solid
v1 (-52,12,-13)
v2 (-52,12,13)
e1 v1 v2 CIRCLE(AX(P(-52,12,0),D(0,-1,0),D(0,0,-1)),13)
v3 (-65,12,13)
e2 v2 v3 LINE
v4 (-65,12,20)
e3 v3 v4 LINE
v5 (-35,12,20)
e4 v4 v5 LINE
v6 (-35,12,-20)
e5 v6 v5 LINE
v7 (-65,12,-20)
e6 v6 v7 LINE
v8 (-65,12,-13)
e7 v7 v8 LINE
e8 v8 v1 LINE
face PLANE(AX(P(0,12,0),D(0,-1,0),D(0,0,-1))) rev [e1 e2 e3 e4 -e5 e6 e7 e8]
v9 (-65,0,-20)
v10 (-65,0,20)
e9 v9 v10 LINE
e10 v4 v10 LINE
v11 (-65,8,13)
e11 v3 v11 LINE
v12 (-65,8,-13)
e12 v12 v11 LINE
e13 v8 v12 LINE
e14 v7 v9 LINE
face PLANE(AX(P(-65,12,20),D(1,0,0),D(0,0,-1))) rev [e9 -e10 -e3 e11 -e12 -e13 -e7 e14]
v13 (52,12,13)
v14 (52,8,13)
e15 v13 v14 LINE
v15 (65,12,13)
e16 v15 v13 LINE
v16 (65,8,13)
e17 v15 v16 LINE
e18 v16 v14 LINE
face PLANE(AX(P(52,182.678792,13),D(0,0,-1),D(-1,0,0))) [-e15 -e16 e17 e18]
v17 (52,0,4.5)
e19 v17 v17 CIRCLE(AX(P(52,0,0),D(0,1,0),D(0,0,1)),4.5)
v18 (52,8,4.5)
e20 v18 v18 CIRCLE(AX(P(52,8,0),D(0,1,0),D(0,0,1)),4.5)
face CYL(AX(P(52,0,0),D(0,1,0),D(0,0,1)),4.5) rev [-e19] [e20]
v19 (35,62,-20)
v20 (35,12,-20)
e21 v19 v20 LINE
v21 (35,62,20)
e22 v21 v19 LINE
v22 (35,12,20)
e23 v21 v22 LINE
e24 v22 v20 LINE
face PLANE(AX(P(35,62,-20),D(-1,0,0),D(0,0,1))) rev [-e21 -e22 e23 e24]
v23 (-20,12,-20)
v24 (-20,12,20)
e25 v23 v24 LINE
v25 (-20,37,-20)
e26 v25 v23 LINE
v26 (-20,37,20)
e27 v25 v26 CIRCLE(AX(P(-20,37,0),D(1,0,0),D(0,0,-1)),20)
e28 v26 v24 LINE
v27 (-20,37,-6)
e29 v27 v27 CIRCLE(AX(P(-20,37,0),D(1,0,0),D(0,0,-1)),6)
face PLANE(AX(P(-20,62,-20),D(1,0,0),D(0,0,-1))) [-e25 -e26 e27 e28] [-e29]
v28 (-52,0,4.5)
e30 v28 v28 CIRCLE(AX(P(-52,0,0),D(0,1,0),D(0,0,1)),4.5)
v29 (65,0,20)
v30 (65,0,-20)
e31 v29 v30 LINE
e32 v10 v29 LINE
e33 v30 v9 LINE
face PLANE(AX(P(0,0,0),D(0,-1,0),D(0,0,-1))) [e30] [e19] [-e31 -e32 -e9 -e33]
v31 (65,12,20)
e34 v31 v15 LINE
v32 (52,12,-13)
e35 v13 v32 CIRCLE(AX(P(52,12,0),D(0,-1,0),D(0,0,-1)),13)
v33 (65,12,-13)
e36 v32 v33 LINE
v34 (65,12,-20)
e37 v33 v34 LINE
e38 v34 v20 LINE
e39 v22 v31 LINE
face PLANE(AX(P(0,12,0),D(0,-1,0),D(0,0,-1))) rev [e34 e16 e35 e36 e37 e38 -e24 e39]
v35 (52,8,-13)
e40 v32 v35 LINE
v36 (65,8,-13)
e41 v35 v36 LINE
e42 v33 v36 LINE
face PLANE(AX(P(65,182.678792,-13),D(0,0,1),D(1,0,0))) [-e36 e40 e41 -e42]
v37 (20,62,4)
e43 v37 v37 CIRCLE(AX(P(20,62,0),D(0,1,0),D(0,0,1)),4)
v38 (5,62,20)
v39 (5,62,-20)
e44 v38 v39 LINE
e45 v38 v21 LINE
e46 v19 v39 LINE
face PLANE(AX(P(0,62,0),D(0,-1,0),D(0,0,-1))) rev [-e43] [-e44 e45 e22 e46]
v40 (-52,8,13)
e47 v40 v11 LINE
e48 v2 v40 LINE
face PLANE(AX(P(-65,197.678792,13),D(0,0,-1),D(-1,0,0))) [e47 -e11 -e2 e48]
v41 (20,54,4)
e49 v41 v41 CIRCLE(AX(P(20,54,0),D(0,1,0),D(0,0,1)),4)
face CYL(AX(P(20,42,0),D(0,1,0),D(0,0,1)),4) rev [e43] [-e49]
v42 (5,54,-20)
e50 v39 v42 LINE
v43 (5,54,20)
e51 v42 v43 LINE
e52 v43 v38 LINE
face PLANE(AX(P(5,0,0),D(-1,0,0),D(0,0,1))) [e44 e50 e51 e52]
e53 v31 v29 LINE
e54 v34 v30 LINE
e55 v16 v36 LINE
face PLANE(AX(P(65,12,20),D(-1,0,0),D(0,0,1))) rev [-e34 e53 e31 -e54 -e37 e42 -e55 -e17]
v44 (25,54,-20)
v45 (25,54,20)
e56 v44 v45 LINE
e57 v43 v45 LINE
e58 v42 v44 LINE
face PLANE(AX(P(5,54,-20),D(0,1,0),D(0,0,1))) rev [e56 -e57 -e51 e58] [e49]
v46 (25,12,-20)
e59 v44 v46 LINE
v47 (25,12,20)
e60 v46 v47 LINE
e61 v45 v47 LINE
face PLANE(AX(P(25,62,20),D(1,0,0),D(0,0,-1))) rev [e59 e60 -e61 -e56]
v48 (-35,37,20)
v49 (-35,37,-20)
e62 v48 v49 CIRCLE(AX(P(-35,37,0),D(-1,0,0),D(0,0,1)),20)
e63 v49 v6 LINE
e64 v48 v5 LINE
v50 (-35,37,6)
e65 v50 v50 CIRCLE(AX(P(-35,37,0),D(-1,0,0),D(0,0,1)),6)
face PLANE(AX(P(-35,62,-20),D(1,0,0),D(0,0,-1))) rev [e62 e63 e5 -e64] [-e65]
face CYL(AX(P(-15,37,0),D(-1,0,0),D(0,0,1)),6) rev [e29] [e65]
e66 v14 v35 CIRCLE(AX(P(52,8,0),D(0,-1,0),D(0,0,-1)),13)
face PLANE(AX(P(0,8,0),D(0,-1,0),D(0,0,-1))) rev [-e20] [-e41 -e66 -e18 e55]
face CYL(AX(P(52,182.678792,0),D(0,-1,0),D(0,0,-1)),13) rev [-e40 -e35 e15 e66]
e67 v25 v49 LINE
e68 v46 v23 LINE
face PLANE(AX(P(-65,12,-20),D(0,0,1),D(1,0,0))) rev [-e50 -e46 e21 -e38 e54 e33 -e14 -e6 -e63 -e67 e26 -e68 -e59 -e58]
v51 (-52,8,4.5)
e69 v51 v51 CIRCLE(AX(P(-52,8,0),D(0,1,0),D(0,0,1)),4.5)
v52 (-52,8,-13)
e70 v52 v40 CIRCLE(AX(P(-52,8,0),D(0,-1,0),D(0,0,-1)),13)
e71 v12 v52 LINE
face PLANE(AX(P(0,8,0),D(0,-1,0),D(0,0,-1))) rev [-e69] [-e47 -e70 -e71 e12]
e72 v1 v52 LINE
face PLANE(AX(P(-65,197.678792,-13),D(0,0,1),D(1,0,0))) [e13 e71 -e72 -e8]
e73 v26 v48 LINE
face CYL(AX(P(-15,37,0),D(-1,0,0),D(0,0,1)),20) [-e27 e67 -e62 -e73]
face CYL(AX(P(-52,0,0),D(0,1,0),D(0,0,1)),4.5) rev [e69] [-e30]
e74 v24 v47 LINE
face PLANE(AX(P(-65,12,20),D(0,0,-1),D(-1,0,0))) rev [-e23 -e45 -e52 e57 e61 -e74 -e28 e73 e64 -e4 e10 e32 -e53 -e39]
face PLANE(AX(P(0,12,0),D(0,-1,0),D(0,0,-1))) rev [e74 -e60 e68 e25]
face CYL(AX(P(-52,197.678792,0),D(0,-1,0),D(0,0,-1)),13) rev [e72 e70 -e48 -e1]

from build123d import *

# Parameters (mm, degrees)
ESBO_O1_W                  = 130
ESBO_O1_H                  = 40
RESSALTO_EXTRUS_O1_DEPTH   = 12
CORTE_EXTRUS_O3_DEPTH      = 70.057946682
CORTE_EXTRUS_O3_DEPTH_BACK = 4
CORTE_EXTRUS_O4_DEPTH      = 70.057946682
CORTE_EXTRUS_O4_DEPTH_BACK = 4
ESBO_O5_R                  = 4.5
CORTE_EXTRUS_O5_DEPTH      = 69.476273263
ESBO_O7_W                  = 15
ESBO_O7_H                  = 40
RESSALTO_EXTRUS_O2_DEPTH   = 50
ESBO_O8_W                  = 10
ESBO_O8_H                  = 40
RESSALTO_EXTRUS_O3_DEPTH   = 50
ESBO_O9_W                  = 40
ESBO_O9_H                  = 8
RESSALTO_EXTRUS_O4_DEPTH   = 20
ESBO_O10_R                 = 4
CORTE_EXTRUS_O6_DEPTH      = 20
CORTE_EXTRUS_O7_DEPTH      = 20
ESBO_O12_R                 = 6
CORTE_EXTRUS_O8_DEPTH      = 20


with BuildPart() as part:
    # Esboço1 → Ressalto-extrusão1 (new body)
    with BuildSketch(Plane(origin=(0, 0, 0), x_dir=(1, 0, 0), z_dir=(0, 1, 0))):
        Rectangle(ESBO_O1_W, ESBO_O1_H)
    extrude(amount=RESSALTO_EXTRUS_O1_DEPTH)

    # Esboço3 → Corte-extrusão3 (cut, two sides: drawn at the far end of the back side and taken through both)
    with BuildSketch(Plane(origin=(0, 12, 0), x_dir=(1, 0, 0), z_dir=(0, 1, 0)).offset(-CORTE_EXTRUS_O3_DEPTH_BACK)):
        with BuildLine():
            Line((-52, 13), (-65, 13))
            Line((-65, 13), (-65, -13))
            Line((-65, -13), (-52, -13))
            ThreePointArc((-52, -13), (-39, 0), (-52, 13))
        make_face()
    extrude(amount=CORTE_EXTRUS_O3_DEPTH + CORTE_EXTRUS_O3_DEPTH_BACK, mode=Mode.SUBTRACT)

    # Esboço4 → Corte-extrusão4 (cut, two sides: drawn at the far end of the back side and taken through both)
    with BuildSketch(Plane(origin=(0, 12, 0), x_dir=(1, 0, 0), z_dir=(0, 1, 0)).offset(-CORTE_EXTRUS_O4_DEPTH_BACK)):
        with BuildLine():
            Line((343.246155611, 13), (65, 13))
            Line((65, 13), (52, 13))
            ThreePointArc((52, 13), (39, 0), (52, -13))
            Line((52, -13), (65, -13))
            Line((65, -13), (343.246155611, -13))
            Line((343.246155611, -13), (899.738466833, -13))
            Line((899.738466833, -13), (899.738466833, 13))
            Line((899.738466833, 13), (343.246155611, 13))
        make_face()
    extrude(amount=CORTE_EXTRUS_O4_DEPTH + CORTE_EXTRUS_O4_DEPTH_BACK, mode=Mode.SUBTRACT)

    # Esboço5 → Corte-extrusão5 (cut, through all)
    with BuildSketch(Plane(origin=(0, 8, 0), x_dir=(1, 0, 0), z_dir=(0, 1, 0))):
        with Locations(Location((-52, 0, 0), (0, 0, 270))):
            Circle(ESBO_O5_R)
        with Locations(Location((52, 0, 0), (0, 0, 270))):
            Circle(ESBO_O5_R)
    extrude(amount=-CORTE_EXTRUS_O5_DEPTH, mode=Mode.SUBTRACT)

    # Esboço7 → Ressalto-extrusão2 (add)
    with BuildSketch(Plane(origin=(0, 12, 0), x_dir=(1, 0, 0), z_dir=(0, 1, 0))):
        with Locations((-27.5, 0)):
            Rectangle(ESBO_O7_W, ESBO_O7_H)
    extrude(amount=RESSALTO_EXTRUS_O2_DEPTH)

    # Esboço8 → Ressalto-extrusão3 (add)
    with BuildSketch(Plane(origin=(0, 12, 0), x_dir=(1, 0, 0), z_dir=(0, 1, 0))):
        with Locations((30, 0)):
            Rectangle(ESBO_O8_W, ESBO_O8_H)
    extrude(amount=RESSALTO_EXTRUS_O3_DEPTH)

    # Esboço9 → Ressalto-extrusão4 (add)
    with BuildSketch(Plane.ZY.offset(-25)):
        with Locations((0, 58)):
            Rectangle(ESBO_O9_W, ESBO_O9_H)
    extrude(amount=RESSALTO_EXTRUS_O4_DEPTH)

    # Esboço10 → Corte-extrusão6 (cut)
    with BuildSketch(Plane(origin=(0, 62, 0), x_dir=(1, 0, 0), z_dir=(0, 1, 0))):
        with Locations(Location((20, 0, 0), (0, 0, 270))):
            Circle(ESBO_O10_R)
    extrude(amount=-CORTE_EXTRUS_O6_DEPTH, mode=Mode.SUBTRACT)

    # Esboço11 → Corte-extrusão7 (cut)
    with BuildSketch(Plane.ZY.offset(35)):
        with BuildLine():
            Line((-20, 37), (-20, 62))
            Line((-20, 62), (20, 62))
            Line((20, 62), (20, 37))
            ThreePointArc((20, 37), (0, 57), (-20, 37))
        make_face()
    extrude(amount=-CORTE_EXTRUS_O7_DEPTH, mode=Mode.SUBTRACT)

    # Esboço12 → Corte-extrusão8 (cut)
    with BuildSketch(Plane.ZY.offset(35)):
        with Locations((0, 37)):
            Circle(ESBO_O12_R)
    extrude(amount=-CORTE_EXTRUS_O8_DEPTH, mode=Mode.SUBTRACT)


solid = part.part
